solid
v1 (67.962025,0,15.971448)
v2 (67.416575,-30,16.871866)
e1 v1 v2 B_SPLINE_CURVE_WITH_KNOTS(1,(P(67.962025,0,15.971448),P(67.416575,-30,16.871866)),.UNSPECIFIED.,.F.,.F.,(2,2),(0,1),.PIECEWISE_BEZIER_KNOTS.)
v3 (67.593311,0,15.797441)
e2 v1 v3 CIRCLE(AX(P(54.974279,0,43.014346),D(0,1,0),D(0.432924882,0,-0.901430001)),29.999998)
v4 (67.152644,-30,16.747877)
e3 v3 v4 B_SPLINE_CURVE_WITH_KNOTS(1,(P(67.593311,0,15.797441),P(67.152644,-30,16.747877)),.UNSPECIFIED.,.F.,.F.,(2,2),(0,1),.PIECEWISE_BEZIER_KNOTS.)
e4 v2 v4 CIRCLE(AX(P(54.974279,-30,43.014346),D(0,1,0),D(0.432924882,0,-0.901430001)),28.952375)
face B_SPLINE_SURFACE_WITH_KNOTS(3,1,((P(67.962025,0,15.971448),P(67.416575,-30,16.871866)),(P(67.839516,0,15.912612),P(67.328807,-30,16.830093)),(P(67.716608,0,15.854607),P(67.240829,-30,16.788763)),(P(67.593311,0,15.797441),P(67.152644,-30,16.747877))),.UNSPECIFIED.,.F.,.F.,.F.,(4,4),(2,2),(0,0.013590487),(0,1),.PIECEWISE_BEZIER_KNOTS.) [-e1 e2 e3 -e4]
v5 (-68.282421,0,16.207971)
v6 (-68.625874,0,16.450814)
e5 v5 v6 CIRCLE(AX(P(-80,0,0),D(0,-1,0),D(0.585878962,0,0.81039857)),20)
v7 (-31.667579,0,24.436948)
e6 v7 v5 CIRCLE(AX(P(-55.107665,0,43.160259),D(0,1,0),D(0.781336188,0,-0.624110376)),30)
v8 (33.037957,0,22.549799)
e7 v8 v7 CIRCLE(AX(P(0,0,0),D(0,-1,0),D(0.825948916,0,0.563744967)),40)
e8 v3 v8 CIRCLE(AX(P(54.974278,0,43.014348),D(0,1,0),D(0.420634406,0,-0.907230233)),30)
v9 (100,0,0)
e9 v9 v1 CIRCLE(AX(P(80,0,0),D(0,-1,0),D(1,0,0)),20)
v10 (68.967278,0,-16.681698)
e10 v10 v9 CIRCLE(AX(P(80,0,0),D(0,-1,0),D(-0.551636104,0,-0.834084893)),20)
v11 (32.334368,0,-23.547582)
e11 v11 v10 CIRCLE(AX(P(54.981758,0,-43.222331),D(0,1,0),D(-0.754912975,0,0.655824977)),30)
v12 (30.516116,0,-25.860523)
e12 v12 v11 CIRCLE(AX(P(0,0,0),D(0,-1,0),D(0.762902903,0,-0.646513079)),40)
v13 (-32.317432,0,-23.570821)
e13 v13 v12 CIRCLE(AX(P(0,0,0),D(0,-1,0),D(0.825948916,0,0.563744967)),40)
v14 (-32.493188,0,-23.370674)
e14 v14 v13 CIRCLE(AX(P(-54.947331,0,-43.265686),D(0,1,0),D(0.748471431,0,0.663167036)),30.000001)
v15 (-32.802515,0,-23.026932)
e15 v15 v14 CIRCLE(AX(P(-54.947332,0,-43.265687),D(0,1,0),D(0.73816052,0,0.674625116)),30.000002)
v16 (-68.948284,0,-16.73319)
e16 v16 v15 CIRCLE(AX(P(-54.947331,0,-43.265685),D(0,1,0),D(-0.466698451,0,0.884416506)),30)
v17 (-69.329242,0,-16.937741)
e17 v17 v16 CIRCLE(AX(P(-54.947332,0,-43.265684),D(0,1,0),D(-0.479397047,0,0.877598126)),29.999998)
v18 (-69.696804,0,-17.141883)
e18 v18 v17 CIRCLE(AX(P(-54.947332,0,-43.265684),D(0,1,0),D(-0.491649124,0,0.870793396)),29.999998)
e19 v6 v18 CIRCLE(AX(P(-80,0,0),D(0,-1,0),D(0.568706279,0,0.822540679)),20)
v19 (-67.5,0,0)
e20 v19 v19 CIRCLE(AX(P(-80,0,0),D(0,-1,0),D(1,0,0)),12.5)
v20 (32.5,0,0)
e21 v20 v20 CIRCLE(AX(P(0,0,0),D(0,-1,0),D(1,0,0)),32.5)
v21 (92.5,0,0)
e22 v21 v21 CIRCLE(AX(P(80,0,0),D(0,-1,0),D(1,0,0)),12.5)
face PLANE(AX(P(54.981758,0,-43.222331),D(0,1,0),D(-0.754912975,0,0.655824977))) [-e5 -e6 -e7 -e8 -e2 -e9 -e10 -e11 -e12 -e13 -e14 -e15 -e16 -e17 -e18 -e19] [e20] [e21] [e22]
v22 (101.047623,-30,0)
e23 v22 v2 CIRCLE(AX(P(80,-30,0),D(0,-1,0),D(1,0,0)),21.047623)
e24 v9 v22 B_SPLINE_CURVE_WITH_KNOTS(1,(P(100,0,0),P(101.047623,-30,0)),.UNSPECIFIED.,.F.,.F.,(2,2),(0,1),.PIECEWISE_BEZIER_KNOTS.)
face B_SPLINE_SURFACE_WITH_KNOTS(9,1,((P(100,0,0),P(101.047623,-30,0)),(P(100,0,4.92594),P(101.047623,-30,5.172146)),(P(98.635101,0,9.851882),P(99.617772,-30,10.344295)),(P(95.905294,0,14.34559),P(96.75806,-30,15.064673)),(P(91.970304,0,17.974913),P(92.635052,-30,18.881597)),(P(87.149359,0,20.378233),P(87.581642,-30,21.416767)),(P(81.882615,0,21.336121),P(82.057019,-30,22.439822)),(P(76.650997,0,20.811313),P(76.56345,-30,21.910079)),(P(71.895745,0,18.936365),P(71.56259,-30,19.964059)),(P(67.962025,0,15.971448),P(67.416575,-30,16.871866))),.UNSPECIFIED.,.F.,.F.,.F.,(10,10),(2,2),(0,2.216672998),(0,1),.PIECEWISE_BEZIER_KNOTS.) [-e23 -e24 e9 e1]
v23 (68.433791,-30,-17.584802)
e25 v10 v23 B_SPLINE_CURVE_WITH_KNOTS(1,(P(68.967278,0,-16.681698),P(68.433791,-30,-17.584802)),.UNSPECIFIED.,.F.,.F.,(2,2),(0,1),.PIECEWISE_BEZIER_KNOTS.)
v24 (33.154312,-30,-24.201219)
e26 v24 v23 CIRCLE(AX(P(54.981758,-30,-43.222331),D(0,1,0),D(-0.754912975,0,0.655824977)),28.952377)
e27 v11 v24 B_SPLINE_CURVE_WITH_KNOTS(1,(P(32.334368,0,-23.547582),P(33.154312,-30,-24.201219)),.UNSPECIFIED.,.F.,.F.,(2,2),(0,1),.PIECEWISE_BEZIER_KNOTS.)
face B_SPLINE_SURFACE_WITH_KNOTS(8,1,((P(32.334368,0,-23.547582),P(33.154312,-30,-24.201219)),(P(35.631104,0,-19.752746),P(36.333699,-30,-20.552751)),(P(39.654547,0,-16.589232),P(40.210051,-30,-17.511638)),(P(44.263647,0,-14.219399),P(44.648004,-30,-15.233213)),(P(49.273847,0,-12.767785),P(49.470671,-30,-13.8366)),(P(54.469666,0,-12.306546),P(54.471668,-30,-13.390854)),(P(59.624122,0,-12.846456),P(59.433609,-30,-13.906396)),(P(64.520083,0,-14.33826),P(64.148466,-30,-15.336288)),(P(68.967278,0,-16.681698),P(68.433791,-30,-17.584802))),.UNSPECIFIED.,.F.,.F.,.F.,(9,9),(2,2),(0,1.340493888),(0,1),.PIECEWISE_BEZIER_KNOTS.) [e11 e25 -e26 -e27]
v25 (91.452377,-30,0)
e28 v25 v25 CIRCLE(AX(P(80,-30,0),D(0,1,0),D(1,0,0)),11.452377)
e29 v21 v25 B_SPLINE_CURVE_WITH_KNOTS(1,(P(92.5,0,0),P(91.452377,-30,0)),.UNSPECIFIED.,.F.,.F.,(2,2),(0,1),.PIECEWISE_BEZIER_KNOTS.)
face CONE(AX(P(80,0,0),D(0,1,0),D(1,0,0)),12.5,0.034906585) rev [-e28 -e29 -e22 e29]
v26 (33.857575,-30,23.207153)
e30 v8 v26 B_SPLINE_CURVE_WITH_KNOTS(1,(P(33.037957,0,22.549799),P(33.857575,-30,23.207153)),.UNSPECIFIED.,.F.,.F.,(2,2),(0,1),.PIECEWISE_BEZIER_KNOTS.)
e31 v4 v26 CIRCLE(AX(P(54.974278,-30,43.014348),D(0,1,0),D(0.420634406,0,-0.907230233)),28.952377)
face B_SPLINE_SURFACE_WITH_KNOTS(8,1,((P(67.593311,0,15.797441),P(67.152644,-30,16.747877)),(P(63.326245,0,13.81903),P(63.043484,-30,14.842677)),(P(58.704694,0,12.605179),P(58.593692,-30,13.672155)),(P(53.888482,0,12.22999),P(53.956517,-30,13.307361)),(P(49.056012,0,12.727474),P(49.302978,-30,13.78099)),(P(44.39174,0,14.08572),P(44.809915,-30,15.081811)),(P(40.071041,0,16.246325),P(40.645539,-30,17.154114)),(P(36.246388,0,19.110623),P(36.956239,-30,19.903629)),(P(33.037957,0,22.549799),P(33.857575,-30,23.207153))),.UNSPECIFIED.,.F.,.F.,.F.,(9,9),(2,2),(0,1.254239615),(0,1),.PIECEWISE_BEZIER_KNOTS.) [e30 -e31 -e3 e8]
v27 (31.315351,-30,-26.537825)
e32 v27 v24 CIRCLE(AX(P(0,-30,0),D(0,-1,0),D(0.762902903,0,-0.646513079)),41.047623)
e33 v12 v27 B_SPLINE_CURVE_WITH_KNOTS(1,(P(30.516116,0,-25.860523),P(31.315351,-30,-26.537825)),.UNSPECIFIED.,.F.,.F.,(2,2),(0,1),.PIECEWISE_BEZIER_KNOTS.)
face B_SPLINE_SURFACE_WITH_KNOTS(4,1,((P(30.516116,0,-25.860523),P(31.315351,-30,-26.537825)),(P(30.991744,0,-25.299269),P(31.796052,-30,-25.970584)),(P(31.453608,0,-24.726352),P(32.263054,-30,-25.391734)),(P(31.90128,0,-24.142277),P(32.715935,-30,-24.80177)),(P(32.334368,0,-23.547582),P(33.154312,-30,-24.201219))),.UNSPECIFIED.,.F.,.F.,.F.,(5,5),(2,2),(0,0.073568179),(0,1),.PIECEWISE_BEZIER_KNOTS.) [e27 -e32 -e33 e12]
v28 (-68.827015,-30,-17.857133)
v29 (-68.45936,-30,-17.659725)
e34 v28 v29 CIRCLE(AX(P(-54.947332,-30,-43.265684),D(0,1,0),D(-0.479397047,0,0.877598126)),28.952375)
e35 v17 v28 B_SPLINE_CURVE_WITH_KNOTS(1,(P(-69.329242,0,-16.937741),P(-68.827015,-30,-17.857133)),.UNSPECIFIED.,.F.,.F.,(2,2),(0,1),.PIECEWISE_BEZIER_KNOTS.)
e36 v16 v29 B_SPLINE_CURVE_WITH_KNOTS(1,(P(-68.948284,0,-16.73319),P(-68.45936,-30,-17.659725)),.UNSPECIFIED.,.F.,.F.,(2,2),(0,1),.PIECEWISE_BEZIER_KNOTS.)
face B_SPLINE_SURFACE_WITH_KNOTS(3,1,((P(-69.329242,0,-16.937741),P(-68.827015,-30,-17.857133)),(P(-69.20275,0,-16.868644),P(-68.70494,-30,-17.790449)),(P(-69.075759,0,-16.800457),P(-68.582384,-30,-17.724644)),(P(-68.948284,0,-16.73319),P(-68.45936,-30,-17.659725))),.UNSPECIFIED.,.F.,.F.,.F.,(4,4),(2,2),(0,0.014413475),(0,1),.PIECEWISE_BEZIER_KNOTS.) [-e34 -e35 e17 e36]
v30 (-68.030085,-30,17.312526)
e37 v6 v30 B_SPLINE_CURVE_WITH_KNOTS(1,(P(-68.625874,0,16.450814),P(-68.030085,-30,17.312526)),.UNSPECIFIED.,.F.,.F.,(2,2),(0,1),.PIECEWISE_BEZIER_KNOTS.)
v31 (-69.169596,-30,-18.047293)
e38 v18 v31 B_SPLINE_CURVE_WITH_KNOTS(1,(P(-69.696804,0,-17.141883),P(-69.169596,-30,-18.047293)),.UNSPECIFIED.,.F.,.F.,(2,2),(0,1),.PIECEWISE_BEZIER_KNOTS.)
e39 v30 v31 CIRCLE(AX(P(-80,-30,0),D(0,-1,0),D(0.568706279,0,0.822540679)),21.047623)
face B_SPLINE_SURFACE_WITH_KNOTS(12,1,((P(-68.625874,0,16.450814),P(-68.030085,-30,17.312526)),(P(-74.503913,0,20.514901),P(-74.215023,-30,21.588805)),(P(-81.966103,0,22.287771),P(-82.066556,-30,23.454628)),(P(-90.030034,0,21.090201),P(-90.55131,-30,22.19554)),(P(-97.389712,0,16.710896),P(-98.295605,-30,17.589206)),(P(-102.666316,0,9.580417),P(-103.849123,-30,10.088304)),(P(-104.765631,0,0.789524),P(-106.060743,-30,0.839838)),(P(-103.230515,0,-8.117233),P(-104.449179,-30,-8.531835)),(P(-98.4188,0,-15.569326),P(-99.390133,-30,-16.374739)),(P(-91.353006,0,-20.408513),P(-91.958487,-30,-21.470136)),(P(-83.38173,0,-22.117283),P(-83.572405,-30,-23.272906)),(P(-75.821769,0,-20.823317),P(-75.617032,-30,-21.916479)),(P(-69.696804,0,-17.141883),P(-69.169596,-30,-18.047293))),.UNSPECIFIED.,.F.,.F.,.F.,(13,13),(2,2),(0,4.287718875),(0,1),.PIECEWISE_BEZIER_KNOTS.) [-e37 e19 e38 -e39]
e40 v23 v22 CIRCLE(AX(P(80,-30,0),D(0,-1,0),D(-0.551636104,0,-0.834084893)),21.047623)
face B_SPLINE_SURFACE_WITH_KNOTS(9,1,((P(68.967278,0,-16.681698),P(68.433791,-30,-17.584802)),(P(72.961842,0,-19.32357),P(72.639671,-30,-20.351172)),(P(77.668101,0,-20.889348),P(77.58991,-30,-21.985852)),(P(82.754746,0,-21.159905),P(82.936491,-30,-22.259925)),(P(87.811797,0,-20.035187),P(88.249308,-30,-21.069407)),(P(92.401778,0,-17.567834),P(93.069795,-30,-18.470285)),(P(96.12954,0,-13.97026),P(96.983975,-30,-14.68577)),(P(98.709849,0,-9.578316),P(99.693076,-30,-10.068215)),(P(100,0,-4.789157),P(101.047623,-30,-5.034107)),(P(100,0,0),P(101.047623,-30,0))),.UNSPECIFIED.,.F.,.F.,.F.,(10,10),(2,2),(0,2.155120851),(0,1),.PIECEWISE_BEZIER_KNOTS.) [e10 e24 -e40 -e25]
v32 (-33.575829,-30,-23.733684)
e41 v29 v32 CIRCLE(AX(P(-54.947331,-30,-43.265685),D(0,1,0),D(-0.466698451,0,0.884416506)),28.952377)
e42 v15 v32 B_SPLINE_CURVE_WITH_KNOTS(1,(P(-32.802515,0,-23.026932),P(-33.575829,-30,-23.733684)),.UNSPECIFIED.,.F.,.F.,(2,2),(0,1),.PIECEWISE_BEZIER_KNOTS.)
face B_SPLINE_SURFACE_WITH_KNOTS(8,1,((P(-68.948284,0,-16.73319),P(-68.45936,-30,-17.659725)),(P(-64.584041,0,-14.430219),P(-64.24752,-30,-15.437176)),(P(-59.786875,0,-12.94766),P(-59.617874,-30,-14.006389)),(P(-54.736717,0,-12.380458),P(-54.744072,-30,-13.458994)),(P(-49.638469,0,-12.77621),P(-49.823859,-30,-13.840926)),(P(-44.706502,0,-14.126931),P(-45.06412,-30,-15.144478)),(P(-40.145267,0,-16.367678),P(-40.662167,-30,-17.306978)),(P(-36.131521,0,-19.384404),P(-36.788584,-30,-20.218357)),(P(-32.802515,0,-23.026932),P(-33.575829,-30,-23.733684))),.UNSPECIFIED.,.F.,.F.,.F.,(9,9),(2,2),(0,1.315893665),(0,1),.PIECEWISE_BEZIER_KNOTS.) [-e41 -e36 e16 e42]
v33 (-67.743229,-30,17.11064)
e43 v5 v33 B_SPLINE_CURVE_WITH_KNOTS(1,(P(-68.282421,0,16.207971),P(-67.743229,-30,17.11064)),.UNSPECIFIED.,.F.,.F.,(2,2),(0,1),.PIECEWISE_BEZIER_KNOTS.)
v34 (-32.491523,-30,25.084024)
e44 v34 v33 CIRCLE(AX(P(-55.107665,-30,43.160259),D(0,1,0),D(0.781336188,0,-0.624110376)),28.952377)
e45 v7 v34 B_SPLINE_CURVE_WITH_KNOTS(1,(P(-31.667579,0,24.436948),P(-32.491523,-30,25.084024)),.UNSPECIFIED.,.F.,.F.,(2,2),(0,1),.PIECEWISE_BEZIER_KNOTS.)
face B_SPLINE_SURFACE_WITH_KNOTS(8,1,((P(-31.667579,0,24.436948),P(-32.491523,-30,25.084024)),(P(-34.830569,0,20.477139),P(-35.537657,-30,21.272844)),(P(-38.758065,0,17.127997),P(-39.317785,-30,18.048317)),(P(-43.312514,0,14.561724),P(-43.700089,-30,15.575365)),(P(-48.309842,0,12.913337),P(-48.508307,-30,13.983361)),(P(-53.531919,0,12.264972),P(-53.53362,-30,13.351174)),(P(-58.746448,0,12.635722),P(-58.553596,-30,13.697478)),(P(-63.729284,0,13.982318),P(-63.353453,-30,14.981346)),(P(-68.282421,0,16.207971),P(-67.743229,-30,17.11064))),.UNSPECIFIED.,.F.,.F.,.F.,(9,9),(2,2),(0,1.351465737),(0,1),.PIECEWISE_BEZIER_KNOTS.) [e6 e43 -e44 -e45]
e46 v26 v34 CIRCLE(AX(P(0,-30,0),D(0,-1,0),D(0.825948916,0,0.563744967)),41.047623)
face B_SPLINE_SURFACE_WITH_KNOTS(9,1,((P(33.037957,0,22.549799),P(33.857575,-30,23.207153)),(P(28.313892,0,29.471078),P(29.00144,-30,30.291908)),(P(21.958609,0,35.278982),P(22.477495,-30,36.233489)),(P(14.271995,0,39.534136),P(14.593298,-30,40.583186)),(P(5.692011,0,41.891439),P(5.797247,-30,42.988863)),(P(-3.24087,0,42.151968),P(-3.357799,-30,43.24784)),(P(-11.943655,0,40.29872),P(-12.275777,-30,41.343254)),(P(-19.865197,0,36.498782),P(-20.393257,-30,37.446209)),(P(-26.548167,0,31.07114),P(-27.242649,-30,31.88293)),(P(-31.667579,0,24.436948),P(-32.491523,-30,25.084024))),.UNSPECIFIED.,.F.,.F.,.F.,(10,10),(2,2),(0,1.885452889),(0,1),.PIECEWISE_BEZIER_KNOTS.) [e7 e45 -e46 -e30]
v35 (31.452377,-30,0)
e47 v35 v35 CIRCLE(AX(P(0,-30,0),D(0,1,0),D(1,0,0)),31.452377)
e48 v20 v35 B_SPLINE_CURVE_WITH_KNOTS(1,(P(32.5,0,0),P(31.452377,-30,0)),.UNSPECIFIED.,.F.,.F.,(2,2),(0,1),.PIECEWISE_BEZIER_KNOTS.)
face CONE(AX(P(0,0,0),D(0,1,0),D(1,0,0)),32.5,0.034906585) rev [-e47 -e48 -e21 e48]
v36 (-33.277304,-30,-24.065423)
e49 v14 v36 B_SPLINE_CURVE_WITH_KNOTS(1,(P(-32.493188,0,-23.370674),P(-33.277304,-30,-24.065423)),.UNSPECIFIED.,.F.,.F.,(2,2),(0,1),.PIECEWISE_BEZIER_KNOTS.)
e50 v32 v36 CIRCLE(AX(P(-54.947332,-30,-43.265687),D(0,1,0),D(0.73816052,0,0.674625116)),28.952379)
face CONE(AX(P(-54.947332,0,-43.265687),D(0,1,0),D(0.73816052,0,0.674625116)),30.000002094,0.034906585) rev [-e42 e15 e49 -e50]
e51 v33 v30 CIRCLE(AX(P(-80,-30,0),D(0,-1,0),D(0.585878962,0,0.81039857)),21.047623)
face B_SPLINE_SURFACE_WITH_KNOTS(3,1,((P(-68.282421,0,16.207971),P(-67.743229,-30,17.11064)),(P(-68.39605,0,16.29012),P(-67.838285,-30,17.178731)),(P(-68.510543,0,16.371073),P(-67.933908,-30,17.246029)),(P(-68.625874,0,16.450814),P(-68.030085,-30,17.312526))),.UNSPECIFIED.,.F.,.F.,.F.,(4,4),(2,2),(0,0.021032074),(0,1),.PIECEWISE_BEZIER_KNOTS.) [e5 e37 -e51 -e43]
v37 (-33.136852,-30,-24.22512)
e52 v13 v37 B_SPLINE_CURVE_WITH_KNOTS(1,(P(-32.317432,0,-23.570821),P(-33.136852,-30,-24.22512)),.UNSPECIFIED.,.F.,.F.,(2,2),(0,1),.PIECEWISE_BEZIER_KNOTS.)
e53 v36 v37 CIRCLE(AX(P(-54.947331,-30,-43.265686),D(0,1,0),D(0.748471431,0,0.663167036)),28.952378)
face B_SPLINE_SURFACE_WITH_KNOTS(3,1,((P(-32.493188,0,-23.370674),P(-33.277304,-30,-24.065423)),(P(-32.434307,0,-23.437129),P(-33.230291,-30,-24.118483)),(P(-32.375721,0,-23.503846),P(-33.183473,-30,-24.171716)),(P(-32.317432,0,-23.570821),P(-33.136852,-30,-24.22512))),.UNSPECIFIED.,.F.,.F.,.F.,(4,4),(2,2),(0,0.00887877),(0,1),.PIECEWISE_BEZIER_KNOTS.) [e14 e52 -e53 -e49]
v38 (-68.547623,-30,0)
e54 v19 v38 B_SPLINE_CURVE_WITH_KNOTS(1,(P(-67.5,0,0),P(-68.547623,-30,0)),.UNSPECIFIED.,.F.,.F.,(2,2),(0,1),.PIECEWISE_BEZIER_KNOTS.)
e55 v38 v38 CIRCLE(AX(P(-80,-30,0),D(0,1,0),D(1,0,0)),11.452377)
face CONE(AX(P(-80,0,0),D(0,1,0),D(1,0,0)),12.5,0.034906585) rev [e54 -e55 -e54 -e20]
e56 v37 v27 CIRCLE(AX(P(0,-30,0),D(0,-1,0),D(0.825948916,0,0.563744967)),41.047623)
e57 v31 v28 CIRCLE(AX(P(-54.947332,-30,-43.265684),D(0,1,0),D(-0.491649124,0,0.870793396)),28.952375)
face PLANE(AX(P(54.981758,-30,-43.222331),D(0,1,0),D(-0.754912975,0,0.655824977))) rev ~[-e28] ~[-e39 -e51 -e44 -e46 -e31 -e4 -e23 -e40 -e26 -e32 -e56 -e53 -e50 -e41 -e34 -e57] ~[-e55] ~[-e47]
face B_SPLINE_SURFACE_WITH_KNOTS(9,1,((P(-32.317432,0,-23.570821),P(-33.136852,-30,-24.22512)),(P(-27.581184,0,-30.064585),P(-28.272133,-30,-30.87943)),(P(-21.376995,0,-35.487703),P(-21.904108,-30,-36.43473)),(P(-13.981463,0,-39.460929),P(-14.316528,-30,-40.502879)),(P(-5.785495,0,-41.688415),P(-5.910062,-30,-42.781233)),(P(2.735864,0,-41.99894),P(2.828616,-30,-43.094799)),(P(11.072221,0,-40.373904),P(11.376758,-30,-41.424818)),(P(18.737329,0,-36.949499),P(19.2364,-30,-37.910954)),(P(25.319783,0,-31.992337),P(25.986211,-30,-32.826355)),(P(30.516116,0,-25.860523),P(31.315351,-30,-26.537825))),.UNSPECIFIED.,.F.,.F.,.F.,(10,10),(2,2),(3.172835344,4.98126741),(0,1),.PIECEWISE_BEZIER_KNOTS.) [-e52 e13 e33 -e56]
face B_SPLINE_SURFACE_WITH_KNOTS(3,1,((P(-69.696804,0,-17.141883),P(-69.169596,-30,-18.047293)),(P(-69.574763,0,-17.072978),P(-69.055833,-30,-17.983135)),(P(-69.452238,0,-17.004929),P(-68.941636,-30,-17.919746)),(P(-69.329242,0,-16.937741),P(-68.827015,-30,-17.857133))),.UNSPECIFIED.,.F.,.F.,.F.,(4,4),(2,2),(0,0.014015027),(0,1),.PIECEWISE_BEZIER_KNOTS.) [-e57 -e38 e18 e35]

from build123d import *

# Parameters (mm, degrees)
F0_R     = 32.5
F0_R_2   = 12.5
F1_DEPTH = 30
F1_TAPER = -2


with BuildPart() as f1:
    # F0 (on Front) → F1 (new body)
    with BuildSketch(Plane.XZ):
        with BuildLine():
            ThreePointArc((32.3343684258, -23.5475820097), (38.0353436755, -12.3819478065), (40, 0))
            ThreePointArc((40, 0), (38.2198787691, 11.8000367319), (33.0379566562, 22.5497986683))
            ThreePointArc((33.0379566562, 22.5497986683), (1.1661116643, 39.9829986818), (-31.6675793733, 24.4369477766))
            ThreePointArc((-31.6675793733, 24.4369477766), (-39.9963358187, 0.5414065738), (-32.3174319402, -23.5708207917))
            ThreePointArc((-32.3174319402, -23.5708207917), (-1.456663619, -39.9734678393), (30.5161161112, -25.860523148))
            ThreePointArc((30.5161161112, -25.860523148), (31.3968717886, -24.6817499401), (32.3343684258, -23.5475820097))
        make_face()
        Circle(F0_R, mode=Mode.SUBTRACT)
        with BuildLine():
            ThreePointArc((33.0379566562, 22.5497986683), (38.2198787691, 11.8000367319), (40, 0))
            ThreePointArc((40, 0), (38.0353436755, -12.3819478065), (32.3343684258, -23.5475820097))
            ThreePointArc((32.3343684258, -23.5475820097), (49.4552682854, -13.7357595319), (68.9672779135, -16.6816978561))
            ThreePointArc((68.9672779135, -16.6816978561), (60.0094709193, -0.6154243022), (67.9620249007, 15.9714481344))
            ThreePointArc((67.9620249007, 15.9714481344), (67.7779633738, 15.8838182714), (67.5933106348, 15.7974411649))
            ThreePointArc((67.5933106348, 15.7974411649), (49.2208834194, 13.5712089719), (33.0379566562, 22.5497986683))
        make_face()
        with BuildLine():
            ThreePointArc((30.5161161112, -25.860523148), (31.4465145256, -24.7207751535), (32.3343684258, -23.5475820097))
            ThreePointArc((32.3343684258, -23.5475820097), (31.3968717886, -24.6817499401), (30.5161161112, -25.860523148))
        make_face()
        with BuildLine():
            ThreePointArc((-32.3174319402, -23.5708207917), (-39.9963358187, 0.5414065738), (-31.6675793733, 24.4369477766))
            ThreePointArc((-31.6675793733, 24.4369477766), (-48.5294234129, 13.8903643358), (-68.2824207604, 16.2079713957))
            ThreePointArc((-68.2824207604, 16.2079713957), (-62.1905701271, 9.1007806041), (-60, 0))
            ThreePointArc((-60, 0), (-62.5921869352, -9.8472353634), (-69.6968044302, -17.1418832411))
            ThreePointArc((-69.6968044302, -17.1418832411), (-69.5133809107, -17.0391683635), (-69.3292421248, -16.9377413401))
            ThreePointArc((-69.3292421248, -16.9377413401), (-69.1391317257, -16.8347792795), (-68.9482842493, -16.7331899565))
            ThreePointArc((-68.9482842493, -16.7331899565), (-49.801126442, -13.7103712001), (-32.8025151254, -23.0269316513))
            ThreePointArc((-32.8025151254, -23.0269316513), (-32.6471891343, -23.1982068294), (-32.493187805, -23.3706740457))
            ThreePointArc((-32.493187805, -23.3706740457), (-32.4050877401, -23.4705523564), (-32.3174319402, -23.5708207917))
        make_face()
        with BuildLine():
            ThreePointArc((67.9620249007, 15.9714481344), (60.0094709193, -0.6154243022), (68.9672779135, -16.6816978561))
            ThreePointArc((68.9672779135, -16.6816978561), (89.4695712223, -17.6161068589), (100, 0))
            ThreePointArc((100, 0), (88.9230179316, 17.8991550357), (67.9620249007, 15.9714481344))
        make_face()
        with Locations((80, 0)):
            Circle(F0_R_2, mode=Mode.SUBTRACT)
        with BuildLine():
            ThreePointArc((-68.6258744149, 16.4508135718), (-68.4545732079, 16.3287905255), (-68.2824207604, 16.2079713957))
            ThreePointArc((-68.2824207604, 16.2079713957), (-68.4535091474, 16.3302954349), (-68.6258744149, 16.4508135718))
        make_face()
        with BuildLine():
            ThreePointArc((-60, 0), (-62.1905701271, 9.1007806041), (-68.2824207604, 16.2079713957))
            ThreePointArc((-68.2824207604, 16.2079713957), (-68.4545732079, 16.3287905255), (-68.6258744149, 16.4508135718))
            ThreePointArc((-68.6258744149, 16.4508135718), (-99.9898444942, 0.6372731725), (-69.6968044302, -17.1418832411))
            ThreePointArc((-69.6968044302, -17.1418832411), (-62.5921869352, -9.8472353634), (-60, 0))
        make_face()
        with Locations((-80, 0)):
            Circle(F0_R_2, mode=Mode.SUBTRACT)
    extrude(amount=F1_DEPTH, taper=F1_TAPER)


solid = f1.part
